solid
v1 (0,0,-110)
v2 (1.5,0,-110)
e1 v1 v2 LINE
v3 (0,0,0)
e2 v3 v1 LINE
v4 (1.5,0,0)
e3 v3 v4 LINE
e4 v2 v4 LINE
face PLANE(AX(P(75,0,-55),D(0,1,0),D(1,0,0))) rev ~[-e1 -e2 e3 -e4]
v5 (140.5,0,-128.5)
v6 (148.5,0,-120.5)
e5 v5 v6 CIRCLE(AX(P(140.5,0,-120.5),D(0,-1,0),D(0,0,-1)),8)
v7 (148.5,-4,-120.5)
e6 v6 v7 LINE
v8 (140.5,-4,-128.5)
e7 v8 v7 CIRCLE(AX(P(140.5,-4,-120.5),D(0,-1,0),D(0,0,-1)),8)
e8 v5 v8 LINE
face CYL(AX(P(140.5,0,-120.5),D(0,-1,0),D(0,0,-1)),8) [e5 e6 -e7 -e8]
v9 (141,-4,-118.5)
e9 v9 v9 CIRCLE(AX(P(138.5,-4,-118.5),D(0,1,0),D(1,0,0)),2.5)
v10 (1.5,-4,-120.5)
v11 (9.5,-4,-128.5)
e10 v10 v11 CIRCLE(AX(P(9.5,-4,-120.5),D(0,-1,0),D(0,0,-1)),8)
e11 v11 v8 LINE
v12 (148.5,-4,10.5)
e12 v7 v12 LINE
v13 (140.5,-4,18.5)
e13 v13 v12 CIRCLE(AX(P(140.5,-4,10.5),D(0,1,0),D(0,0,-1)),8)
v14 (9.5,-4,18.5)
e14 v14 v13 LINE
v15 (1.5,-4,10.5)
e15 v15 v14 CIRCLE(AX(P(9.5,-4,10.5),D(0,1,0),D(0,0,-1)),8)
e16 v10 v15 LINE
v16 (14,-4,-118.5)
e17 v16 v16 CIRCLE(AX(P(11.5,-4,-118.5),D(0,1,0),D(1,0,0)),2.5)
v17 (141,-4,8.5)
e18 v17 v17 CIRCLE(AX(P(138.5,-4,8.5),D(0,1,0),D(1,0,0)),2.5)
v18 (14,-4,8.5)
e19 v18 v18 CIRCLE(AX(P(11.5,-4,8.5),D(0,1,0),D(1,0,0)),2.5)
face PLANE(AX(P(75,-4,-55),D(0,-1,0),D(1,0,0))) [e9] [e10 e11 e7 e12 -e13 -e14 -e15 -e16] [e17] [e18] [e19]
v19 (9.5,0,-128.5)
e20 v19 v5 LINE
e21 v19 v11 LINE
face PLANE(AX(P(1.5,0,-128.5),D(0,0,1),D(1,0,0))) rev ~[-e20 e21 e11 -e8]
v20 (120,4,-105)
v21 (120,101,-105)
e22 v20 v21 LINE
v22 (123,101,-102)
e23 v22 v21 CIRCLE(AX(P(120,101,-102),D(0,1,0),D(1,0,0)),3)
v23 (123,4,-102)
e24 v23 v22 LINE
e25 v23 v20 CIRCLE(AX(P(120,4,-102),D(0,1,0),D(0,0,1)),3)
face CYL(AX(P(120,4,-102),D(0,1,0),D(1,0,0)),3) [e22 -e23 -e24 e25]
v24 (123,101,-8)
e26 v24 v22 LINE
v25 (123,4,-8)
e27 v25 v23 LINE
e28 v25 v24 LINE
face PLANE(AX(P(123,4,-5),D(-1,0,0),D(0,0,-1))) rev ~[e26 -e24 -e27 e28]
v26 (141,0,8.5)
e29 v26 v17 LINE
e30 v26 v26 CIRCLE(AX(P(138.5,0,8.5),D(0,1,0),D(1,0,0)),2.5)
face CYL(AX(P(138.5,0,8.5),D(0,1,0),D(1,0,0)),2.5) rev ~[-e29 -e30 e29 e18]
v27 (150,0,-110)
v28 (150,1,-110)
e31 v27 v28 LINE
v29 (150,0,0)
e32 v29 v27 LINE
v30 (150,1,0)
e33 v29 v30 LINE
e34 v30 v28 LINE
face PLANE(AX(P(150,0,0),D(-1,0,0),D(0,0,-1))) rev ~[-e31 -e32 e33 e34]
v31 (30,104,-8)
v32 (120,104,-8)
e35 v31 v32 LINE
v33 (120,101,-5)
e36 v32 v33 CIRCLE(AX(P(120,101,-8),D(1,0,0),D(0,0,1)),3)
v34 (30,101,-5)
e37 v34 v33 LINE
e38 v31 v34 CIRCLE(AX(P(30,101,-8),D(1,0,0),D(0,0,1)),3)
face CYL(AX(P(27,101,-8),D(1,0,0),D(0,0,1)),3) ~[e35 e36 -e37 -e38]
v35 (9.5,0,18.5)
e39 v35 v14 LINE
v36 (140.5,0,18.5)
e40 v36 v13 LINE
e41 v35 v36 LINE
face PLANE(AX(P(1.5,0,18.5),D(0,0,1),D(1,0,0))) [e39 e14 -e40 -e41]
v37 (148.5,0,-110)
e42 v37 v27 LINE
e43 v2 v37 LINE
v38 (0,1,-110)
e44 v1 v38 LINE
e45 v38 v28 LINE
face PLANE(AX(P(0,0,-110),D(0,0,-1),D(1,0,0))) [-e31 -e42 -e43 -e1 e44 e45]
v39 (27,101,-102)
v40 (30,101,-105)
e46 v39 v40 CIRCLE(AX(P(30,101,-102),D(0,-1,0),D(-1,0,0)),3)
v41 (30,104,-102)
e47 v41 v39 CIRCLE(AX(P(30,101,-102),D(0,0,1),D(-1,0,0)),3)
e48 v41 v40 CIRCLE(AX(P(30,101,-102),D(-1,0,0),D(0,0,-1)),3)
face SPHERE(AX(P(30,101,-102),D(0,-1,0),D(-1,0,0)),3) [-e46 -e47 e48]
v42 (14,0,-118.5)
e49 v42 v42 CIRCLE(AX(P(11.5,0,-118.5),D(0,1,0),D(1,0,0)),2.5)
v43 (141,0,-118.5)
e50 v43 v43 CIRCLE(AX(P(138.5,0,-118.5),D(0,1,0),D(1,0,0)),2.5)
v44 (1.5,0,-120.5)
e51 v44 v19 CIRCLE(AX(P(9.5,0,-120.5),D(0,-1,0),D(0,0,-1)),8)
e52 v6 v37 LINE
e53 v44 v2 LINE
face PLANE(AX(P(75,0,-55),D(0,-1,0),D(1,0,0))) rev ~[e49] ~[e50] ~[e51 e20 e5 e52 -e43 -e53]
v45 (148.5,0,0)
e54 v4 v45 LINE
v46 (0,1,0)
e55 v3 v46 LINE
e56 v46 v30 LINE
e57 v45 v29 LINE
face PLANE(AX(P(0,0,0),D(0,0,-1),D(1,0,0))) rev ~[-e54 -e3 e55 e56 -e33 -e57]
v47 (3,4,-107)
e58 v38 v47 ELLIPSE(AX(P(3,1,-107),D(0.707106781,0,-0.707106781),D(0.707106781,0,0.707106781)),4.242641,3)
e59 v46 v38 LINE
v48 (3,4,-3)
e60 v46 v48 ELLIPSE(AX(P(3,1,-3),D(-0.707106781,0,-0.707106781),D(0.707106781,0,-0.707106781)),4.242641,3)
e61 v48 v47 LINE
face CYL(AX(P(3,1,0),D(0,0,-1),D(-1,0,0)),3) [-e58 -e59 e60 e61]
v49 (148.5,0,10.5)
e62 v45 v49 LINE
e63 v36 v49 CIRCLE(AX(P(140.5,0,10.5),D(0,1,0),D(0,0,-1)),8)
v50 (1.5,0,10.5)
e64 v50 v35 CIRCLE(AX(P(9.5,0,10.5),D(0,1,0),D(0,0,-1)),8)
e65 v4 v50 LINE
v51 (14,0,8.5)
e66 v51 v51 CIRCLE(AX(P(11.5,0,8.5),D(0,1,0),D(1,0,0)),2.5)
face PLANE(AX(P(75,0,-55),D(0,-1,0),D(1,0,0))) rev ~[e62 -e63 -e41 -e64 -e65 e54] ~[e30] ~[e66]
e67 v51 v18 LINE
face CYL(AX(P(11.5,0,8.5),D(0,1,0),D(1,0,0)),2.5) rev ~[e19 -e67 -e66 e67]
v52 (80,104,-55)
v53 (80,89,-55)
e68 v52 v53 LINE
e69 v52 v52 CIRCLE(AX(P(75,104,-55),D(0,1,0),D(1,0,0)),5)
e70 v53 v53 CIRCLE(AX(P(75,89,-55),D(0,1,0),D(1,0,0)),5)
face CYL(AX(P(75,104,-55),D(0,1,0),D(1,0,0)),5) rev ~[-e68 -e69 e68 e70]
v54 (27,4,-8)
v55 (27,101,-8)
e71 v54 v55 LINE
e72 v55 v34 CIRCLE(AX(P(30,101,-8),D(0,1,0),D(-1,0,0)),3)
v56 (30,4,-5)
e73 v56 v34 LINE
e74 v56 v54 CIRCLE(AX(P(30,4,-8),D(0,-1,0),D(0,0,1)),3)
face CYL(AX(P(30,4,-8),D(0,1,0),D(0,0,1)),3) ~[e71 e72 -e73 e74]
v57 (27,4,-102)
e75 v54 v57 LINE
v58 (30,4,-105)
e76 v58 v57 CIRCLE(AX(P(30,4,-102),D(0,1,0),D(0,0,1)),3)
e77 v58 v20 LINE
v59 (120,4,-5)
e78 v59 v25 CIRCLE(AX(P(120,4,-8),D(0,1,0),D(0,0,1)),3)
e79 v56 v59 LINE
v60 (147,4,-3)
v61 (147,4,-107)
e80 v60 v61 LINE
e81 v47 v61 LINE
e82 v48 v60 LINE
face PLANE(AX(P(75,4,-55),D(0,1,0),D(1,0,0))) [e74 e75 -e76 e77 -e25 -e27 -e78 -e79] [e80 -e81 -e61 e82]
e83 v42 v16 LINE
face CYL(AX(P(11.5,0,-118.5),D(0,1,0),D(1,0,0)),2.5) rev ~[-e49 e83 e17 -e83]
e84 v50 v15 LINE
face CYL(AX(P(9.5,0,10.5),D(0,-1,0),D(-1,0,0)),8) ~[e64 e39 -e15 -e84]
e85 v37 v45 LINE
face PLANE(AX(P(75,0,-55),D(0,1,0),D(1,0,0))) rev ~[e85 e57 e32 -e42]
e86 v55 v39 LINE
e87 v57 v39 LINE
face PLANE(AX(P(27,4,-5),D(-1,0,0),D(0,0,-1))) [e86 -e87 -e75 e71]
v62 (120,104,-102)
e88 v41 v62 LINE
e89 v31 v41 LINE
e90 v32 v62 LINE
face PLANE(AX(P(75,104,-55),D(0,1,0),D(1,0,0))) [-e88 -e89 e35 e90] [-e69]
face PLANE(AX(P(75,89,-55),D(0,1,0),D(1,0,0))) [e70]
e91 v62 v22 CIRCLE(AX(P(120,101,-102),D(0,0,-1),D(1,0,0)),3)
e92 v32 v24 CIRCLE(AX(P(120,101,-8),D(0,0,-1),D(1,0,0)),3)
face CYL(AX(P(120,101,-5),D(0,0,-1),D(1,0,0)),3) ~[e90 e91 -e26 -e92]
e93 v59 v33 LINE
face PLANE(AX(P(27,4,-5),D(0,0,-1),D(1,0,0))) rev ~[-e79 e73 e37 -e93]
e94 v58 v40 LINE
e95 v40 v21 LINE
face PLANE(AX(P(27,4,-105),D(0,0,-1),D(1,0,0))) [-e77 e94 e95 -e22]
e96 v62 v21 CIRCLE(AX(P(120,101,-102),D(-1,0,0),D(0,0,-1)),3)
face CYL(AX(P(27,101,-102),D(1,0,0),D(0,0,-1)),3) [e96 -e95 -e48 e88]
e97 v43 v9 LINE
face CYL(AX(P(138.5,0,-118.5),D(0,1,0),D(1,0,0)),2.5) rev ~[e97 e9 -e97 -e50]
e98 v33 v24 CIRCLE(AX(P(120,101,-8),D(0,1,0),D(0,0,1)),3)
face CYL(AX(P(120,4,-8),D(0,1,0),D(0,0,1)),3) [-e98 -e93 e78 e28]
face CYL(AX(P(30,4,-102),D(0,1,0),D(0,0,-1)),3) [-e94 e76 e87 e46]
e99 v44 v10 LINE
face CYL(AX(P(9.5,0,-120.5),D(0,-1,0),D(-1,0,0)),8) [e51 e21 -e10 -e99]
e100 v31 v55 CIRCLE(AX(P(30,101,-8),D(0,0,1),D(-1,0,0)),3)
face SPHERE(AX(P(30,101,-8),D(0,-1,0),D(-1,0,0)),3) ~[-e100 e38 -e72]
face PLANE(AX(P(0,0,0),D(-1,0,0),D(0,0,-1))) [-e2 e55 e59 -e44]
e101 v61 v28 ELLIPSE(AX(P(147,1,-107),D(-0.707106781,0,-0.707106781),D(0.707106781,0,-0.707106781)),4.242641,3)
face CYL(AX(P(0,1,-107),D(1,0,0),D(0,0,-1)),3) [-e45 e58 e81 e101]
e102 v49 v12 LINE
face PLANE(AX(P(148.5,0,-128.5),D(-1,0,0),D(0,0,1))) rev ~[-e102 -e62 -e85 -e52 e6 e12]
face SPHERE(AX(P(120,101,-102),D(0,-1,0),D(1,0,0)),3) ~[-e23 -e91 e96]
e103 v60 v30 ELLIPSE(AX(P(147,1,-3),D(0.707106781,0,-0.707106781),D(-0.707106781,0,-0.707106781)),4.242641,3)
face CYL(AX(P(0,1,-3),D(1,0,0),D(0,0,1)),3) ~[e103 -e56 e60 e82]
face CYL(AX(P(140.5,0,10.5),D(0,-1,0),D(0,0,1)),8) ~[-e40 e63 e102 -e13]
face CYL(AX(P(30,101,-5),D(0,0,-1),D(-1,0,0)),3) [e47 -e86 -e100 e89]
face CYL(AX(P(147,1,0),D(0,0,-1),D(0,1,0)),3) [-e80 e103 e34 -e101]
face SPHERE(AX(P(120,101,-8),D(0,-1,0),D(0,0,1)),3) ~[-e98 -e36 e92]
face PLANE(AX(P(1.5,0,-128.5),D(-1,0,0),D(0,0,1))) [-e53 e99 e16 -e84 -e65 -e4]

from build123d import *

# Parameters (mm, degrees)
SKETCH1_W           = 150
SKETCH1_H           = 110
BOSS_EXTRUDE1_DEPTH = 4
SKETCH2_W           = 96
SKETCH2_H           = 100
BOSS_EXTRUDE2_DEPTH = 100
FILLET1_R           = 3
SKETCH4_R           = 5
CUT_EXTRUDE1_DEPTH  = 15
SKETCH5_W           = 147
SKETCH5_H           = 147
BOSS_EXTRUDE3_DEPTH = 4
SKETCH6_R           = 2.5
CUT_EXTRUDE2_DEPTH  = 5
FILLET2_R           = 8


with BuildPart() as part:
    # Sketch1 → Boss-Extrude1 (new body)
    with BuildSketch(Plane(origin=(0, 0, 0), x_dir=(1, 0, 0), z_dir=(0, 1, 0))):
        with Locations((75, 55)):
            Rectangle(SKETCH1_W, SKETCH1_H)
    extrude(amount=BOSS_EXTRUDE1_DEPTH)

    # Sketch2 → Boss-Extrude2 (add)
    with BuildSketch(Plane(origin=(0, 4, 0), x_dir=(1, 0, 0), z_dir=(0, 1, 0))):
        with Locations((75, 55)):
            Rectangle(SKETCH2_W, SKETCH2_H)
    extrude(amount=BOSS_EXTRUDE2_DEPTH)

    # Fillet1
    fillet1_edges = [part.edges().sort_by_distance(p)[0] for p in [
        (150, 4, -55),
        (27, 54, -105),
        (27, 54, -5),
        (75, 4, -110),
        (123, 54, -5),
        (123, 54, -105),
        (27, 104, -55),
        (75, 104, -5),
        (123, 104, -55),
        (75, 104, -105),
        (0, 4, -55),
        (75, 4, 0),
    ]]
    fillet(fillet1_edges, radius=FILLET1_R)

    # Sketch4 → Cut-Extrude1 (cut)
    with BuildSketch(Plane(origin=(0, 104, 0), x_dir=(1, 0, 0), z_dir=(0, 1, 0))):
        with Locations((75, 55)):
            Circle(SKETCH4_R)
    extrude(amount=-CUT_EXTRUDE1_DEPTH, mode=Mode.SUBTRACT)

    # Sketch5 → Boss-Extrude3 (add)
    with BuildSketch(Plane.XZ):
        with Locations((75, -55)):
            Rectangle(SKETCH5_W, SKETCH5_H)
    extrude(amount=BOSS_EXTRUDE3_DEPTH)

    # Sketch6 → Cut-Extrude2 (cut, through all)
    with BuildSketch(Plane(origin=(0, 0, 0), x_dir=(1, 0, 0), z_dir=(0, 1, 0))):
        with Locations((11.5, 118.5)):
            Circle(SKETCH6_R)
        with Locations((138.5, 118.5)):
            Circle(SKETCH6_R)
        with Locations((11.5, -8.5)):
            Circle(SKETCH6_R)
        with Locations((138.5, -8.5)):
            Circle(SKETCH6_R)
    extrude(amount=-CUT_EXTRUDE2_DEPTH, mode=Mode.SUBTRACT)

    # Fillet2
    fillet2_edges = [part.edges().sort_by_distance(p)[0] for p in [
        (1.5, -2, 18.5),
        (1.5, -2, -128.5),
        (148.5, -2, -128.5),
        (148.5, -2, 18.5),
    ]]
    fillet(fillet2_edges, radius=FILLET2_R)


solid = part.part
